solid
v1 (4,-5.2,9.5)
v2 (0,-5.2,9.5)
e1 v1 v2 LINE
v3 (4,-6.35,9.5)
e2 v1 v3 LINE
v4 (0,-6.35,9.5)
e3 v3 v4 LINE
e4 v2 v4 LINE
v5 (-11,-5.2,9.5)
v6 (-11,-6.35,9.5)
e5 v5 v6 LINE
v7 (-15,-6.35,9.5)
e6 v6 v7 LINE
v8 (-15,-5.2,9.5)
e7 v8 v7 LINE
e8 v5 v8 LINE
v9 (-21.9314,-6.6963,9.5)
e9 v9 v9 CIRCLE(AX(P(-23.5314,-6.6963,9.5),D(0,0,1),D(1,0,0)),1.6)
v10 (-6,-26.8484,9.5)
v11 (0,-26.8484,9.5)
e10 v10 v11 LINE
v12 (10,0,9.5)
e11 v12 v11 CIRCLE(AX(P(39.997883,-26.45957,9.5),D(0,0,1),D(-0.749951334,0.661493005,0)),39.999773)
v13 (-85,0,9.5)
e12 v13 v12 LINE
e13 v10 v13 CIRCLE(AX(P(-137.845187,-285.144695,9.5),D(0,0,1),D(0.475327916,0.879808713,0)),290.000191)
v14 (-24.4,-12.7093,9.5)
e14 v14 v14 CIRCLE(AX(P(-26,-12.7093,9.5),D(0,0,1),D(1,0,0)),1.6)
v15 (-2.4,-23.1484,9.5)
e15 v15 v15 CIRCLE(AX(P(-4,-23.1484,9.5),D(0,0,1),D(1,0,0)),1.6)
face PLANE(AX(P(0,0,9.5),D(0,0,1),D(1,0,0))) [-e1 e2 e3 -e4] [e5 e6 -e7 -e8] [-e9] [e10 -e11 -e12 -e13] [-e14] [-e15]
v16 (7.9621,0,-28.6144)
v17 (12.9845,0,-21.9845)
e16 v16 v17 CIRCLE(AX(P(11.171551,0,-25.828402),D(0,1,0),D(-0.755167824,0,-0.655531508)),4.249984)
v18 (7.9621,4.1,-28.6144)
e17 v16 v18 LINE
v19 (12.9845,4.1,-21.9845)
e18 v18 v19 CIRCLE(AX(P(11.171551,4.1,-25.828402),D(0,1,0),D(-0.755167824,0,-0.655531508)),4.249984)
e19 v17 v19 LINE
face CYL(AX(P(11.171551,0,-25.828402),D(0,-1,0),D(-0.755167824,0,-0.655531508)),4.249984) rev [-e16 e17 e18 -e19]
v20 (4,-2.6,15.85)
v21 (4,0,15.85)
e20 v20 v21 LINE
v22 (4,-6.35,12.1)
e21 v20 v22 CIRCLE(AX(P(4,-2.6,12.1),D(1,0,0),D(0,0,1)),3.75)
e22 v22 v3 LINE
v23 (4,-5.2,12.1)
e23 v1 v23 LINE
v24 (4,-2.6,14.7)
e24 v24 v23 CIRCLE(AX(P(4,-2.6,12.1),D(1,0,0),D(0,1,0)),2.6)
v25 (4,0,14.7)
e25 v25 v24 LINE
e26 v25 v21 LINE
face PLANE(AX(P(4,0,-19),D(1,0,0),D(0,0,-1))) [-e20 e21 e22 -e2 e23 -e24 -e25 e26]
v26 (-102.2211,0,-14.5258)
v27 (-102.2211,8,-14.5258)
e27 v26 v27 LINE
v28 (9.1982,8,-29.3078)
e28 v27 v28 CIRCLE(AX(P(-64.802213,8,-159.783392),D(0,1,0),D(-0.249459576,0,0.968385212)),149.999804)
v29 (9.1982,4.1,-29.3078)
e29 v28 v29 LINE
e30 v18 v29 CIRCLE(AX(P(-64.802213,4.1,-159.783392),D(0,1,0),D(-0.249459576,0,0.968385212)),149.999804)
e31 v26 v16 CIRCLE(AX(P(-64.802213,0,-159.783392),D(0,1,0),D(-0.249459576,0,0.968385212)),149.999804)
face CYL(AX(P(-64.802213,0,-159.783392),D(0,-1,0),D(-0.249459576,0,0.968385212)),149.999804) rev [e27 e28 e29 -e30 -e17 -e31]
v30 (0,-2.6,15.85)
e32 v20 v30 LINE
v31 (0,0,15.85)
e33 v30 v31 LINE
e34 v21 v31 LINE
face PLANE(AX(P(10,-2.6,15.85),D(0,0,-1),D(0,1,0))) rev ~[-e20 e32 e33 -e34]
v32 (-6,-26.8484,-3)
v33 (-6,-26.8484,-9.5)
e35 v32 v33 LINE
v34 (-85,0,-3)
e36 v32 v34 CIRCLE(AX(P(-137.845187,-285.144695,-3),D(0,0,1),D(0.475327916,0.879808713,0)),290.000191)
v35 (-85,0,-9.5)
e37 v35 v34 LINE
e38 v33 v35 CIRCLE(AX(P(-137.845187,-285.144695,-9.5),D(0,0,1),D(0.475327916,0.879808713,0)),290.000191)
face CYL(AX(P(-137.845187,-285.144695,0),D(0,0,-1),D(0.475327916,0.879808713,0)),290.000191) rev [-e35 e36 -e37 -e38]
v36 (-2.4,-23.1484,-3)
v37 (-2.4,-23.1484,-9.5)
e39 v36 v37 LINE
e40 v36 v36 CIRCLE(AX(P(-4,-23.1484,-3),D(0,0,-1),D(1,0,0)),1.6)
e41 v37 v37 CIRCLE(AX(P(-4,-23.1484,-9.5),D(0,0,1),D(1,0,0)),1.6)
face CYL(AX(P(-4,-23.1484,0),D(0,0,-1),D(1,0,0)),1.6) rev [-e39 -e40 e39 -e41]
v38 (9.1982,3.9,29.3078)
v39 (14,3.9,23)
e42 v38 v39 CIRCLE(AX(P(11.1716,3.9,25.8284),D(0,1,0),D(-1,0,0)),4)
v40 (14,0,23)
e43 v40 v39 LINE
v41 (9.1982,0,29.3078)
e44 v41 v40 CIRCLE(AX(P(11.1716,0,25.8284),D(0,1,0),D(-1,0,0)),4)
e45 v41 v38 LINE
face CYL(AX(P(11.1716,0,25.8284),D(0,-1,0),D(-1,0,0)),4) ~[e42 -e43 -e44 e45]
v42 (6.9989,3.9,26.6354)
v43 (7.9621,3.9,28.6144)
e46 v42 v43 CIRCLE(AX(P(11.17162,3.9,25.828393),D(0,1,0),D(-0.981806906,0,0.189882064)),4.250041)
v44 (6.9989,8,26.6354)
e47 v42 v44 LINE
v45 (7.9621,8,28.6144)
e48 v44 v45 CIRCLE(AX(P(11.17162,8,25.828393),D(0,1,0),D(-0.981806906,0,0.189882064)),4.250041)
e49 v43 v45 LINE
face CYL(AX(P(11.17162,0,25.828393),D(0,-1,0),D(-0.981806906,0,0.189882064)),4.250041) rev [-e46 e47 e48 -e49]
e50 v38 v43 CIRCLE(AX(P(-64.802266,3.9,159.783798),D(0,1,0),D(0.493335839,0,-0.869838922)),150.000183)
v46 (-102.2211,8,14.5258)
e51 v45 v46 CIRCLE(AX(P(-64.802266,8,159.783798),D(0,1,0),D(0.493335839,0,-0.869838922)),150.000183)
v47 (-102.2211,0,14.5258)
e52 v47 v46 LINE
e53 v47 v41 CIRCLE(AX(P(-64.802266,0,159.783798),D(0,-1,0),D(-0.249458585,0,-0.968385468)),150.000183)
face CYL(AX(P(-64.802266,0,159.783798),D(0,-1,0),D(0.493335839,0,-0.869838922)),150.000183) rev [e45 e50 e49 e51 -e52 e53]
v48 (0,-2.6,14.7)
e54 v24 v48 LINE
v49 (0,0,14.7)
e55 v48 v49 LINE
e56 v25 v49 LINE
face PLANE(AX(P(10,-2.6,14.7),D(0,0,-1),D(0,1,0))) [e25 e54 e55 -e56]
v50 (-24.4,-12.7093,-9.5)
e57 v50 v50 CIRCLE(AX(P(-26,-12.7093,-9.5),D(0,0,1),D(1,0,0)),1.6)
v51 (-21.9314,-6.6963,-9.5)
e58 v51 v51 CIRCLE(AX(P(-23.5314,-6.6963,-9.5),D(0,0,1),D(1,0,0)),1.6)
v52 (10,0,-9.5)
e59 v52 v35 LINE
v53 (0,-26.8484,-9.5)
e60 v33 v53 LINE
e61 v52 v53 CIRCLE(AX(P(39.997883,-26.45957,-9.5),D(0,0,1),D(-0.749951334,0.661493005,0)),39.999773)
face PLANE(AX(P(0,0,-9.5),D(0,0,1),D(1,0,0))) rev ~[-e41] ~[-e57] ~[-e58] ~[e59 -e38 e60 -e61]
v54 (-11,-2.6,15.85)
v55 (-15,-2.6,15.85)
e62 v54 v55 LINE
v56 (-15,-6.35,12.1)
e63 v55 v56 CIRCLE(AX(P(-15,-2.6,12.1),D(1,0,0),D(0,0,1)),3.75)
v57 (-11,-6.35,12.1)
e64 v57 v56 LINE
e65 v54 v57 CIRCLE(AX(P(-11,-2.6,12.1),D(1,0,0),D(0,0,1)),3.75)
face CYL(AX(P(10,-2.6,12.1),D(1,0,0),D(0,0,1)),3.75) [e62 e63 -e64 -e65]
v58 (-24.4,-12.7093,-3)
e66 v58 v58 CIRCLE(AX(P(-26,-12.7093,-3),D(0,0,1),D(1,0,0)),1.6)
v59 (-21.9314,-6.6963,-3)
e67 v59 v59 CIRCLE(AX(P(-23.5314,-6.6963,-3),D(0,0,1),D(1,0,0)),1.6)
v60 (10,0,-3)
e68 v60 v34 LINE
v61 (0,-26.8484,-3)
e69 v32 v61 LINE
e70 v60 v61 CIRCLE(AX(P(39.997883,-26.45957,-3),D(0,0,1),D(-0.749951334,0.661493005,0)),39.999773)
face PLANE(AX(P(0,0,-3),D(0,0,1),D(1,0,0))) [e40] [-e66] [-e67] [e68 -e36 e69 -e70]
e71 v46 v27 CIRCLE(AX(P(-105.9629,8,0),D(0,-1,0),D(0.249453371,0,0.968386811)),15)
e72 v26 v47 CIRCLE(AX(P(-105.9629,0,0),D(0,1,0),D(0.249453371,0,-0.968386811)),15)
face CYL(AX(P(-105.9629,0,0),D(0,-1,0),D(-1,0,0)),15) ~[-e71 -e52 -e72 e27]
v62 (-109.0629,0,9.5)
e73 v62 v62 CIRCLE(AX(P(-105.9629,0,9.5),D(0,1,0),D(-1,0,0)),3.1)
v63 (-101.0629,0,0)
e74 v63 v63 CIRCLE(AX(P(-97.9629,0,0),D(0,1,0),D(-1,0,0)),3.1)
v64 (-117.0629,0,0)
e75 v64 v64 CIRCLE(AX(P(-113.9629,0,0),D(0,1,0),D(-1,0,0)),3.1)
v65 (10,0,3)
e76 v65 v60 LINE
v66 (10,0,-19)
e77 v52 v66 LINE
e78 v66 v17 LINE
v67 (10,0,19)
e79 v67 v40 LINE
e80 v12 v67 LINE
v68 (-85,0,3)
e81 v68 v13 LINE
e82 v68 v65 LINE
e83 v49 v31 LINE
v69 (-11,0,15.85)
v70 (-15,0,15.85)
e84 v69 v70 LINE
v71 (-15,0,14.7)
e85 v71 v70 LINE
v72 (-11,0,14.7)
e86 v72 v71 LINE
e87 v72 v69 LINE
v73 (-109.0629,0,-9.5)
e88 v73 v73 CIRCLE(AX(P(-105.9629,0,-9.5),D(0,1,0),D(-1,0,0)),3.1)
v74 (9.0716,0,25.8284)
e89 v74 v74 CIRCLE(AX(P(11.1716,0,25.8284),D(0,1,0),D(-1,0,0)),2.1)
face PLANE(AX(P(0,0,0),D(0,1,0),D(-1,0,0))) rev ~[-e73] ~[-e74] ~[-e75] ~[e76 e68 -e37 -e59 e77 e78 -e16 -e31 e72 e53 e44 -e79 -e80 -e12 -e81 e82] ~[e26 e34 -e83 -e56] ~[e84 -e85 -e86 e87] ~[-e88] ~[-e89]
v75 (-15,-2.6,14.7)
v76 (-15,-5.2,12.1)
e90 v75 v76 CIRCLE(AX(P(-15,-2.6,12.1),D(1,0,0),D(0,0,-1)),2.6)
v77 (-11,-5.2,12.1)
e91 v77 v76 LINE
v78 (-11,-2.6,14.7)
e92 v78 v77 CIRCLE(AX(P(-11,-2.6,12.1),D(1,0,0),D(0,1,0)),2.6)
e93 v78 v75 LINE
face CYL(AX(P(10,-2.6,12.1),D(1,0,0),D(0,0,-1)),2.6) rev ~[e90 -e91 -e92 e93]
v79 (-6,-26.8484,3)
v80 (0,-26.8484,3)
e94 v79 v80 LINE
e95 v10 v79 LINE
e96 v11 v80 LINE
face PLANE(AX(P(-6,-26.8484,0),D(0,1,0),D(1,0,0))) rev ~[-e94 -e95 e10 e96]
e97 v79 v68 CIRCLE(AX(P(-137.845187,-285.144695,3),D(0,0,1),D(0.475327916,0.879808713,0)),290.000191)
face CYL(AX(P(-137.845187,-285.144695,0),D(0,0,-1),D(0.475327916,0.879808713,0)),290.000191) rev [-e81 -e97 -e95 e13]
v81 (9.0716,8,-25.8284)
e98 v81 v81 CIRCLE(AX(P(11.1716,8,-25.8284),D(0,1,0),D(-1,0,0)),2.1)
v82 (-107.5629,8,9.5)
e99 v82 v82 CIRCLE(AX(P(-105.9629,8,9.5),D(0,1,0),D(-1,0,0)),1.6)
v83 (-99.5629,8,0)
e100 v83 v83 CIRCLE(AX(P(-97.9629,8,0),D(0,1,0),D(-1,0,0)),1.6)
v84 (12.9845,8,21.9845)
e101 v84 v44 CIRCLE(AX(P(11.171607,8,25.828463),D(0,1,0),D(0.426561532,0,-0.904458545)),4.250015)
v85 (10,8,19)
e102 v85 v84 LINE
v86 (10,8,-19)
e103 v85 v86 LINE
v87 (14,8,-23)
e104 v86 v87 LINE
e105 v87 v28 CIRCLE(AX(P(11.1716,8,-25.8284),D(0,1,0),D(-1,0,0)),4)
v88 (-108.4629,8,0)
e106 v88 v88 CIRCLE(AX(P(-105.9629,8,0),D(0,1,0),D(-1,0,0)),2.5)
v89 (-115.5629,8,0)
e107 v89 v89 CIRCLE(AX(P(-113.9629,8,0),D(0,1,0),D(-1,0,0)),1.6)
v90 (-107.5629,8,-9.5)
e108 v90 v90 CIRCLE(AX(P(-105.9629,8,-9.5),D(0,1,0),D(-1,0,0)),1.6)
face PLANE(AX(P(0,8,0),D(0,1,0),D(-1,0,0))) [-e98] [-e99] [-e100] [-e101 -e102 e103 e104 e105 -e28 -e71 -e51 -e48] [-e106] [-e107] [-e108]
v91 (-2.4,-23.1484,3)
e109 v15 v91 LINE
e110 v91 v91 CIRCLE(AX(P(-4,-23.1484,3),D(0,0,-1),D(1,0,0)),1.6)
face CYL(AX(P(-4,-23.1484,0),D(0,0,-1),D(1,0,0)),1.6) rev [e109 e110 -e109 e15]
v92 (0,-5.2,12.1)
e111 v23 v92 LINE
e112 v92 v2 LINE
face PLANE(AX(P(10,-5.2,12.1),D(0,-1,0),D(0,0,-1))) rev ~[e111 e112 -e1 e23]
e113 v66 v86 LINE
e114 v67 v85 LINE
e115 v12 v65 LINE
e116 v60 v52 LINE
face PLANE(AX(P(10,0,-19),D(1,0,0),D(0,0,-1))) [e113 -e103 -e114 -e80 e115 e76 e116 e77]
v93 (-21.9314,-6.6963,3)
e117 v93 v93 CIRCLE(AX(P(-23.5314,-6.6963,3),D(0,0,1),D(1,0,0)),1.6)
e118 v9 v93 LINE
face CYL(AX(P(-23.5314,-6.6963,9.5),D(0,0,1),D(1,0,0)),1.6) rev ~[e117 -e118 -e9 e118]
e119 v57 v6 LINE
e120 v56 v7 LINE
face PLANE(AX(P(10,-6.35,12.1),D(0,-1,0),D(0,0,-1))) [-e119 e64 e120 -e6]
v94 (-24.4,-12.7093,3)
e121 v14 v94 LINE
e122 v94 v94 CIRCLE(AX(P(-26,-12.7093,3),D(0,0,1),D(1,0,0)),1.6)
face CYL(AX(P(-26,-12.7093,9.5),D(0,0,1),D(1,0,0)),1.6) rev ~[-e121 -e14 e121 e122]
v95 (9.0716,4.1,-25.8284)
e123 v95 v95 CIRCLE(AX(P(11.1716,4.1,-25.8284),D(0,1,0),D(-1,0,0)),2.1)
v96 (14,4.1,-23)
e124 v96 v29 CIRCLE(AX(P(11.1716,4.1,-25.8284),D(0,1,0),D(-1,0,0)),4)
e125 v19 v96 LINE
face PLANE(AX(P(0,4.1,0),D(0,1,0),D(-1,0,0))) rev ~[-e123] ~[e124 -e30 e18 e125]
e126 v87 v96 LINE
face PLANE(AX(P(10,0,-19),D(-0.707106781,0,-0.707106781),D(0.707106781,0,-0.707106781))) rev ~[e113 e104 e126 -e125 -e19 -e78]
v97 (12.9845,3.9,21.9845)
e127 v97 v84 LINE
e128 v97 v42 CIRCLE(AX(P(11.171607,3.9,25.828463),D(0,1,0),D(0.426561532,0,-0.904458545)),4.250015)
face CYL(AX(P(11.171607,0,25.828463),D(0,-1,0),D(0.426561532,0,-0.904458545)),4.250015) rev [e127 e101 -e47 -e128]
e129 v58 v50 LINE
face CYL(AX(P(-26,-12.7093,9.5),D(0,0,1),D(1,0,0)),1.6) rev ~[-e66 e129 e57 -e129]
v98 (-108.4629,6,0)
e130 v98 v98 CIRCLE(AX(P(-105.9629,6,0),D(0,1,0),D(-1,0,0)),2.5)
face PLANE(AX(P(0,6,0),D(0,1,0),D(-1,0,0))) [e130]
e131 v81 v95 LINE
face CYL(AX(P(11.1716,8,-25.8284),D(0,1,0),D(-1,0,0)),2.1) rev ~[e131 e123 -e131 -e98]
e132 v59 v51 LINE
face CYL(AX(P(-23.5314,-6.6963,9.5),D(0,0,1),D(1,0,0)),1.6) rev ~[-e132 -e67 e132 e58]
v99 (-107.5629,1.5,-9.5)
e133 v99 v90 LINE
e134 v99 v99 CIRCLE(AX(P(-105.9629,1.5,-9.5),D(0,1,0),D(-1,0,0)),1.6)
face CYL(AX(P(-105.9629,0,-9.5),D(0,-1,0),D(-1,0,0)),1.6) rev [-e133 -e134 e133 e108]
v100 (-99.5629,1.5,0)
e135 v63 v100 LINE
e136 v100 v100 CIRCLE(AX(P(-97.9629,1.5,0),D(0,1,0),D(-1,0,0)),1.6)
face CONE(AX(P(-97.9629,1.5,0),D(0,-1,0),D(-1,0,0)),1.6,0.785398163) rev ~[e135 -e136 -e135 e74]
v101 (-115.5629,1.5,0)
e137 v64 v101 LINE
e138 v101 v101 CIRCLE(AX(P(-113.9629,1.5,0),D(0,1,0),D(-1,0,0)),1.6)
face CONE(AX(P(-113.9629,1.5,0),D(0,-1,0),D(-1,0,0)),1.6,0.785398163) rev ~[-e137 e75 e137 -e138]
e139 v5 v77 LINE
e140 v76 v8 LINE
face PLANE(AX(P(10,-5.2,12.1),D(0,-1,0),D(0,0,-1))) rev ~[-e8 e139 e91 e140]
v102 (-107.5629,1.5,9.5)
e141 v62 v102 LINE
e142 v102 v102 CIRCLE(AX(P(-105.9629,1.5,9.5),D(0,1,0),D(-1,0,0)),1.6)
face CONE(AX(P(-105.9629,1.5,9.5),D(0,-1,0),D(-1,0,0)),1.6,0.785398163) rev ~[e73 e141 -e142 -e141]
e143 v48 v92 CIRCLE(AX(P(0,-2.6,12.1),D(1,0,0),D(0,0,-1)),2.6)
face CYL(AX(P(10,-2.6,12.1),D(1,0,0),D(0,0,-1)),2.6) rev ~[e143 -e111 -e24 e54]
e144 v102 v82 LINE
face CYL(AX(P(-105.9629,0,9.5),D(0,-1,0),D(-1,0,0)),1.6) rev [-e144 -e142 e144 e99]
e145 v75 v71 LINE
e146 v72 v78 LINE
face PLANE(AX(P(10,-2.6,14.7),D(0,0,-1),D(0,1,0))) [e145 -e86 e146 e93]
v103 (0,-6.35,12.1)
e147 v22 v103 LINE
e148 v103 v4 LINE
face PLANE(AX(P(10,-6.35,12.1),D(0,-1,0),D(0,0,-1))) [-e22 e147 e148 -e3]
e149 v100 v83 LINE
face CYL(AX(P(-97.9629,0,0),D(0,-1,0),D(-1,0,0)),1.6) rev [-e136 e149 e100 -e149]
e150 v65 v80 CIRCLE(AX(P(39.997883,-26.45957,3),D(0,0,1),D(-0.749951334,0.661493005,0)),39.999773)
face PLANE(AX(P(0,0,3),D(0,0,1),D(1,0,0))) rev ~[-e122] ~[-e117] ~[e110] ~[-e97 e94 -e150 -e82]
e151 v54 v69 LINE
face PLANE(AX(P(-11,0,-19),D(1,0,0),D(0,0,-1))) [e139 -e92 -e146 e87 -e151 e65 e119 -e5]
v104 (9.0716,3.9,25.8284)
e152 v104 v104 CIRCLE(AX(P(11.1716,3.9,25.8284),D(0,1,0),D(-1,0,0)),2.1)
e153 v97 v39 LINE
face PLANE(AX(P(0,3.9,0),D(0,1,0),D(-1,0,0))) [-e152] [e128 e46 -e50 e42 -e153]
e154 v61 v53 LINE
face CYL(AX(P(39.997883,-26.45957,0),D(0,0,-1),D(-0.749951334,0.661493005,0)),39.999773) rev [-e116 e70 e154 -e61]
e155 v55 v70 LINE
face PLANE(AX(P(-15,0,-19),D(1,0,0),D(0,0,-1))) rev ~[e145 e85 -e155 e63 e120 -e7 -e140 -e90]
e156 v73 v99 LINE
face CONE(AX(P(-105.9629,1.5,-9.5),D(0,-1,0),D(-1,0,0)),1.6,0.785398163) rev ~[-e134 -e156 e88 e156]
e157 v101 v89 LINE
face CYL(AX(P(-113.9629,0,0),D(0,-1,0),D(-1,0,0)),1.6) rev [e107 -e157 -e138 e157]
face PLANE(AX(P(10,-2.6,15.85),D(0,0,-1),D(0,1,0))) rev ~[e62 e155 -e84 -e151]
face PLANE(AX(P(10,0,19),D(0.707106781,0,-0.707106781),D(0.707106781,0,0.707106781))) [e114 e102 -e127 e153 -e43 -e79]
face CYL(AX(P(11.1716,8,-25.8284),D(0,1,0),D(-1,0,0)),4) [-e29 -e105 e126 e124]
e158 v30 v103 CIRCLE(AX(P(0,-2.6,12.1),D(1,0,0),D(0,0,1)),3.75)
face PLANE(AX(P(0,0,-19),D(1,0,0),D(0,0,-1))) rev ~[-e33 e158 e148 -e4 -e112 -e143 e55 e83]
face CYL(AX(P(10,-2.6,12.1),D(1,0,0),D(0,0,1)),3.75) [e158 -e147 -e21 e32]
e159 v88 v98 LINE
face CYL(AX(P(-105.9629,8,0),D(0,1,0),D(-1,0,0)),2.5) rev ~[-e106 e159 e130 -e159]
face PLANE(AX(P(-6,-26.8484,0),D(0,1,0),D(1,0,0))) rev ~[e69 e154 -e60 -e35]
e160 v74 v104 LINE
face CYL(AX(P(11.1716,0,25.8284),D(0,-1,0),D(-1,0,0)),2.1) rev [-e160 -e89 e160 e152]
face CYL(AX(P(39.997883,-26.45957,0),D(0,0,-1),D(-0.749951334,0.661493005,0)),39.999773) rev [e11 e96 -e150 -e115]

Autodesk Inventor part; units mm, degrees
ref_plane "YZ Plane" through (0, 0, 0) normal (1, 0, 0) x (0, 1, 0)
ref_plane "XZ Plane" through (0, 0, 0) normal (0, 1, 0) x (-1, 0, 0)
ref_plane "XY Plane" through (0, 0, 0) normal (0, 0, 1) x (1, 0, 0)
sketch "Sketch1" plane through (0, 0, 0) normal (0, 1, 0) x (-1, 0, 0)
  line L0 (0, 0) -> (105.9629, 0) construction
  line L1 (105.9629, 0) -> (105.9629, -9.5) construction
  circle A0 centre (105.9629, -9.5) radius 1.6
  circle A1 centre (113.9629, 0) radius 1.6
  circle A2 centre (105.9629, -9.5) radius 1.6
  circle A3 centre (97.9629, 0) radius 1.6
  circle A4 centre (105.9629, 9.5) radius 1.6
  circle A5 centre (105.9629, 0) radius 15
  circle A6 centre (105.9629, 0) radius 2.5
  line L2 (3, -40) -> (-37, 0) construction
  line L3 (-7.5, -16.5) -> (-14, -23)
  circle A7 centre (-11.1716, -25.8284) radius 4
  circle A8 centre (-11.1716, -25.8284) radius 2.1
  arc A9 (102.2211, -14.5258) -> (-9.1982, -29.3078) centre (64.8022, -159.7836) ccw
  line L4 (3, 40) -> (-37, 0) construction
  line L5 (-7.5, 16.5) -> (-14, 23)
  circle A10 centre (-11.1716, 25.8284) radius 4
  circle A11 centre (-11.1716, 25.8284) radius 2.1
  arc A12 (-9.1982, 29.3078) -> (102.2211, 14.5258) centre (64.8022, 159.7836) ccw
  line L6 (-10, 19) -> (-10, -19)
  arc A13 (-12.9845, 21.9845) -> (-6.9989, 26.6354) centre (-11.1716, 25.8284) ccw
  arc A14 (-7.9621, -28.6144) -> (-12.9845, -21.9845) centre (-11.1716, -25.8284) ccw
  arc A15 (-6.9989, 26.6354) -> (-7.9621, 28.6144) centre (-11.1716, 25.8284) ccw
  point P0 (-16.1526, 27.519)
  point P1 (-14, -23)
  point P2 (102.2211, 14.5258)
  point P3 (-14, 23)
  point P4 (-10, 0)
  point P5 (-12.9845, -21.9845)
  dimension "d5" = 30
  dimension "d67" = 8
  dimension "d1" = 9.5
  dimension "d2" = 3.2
  dimension "d3" = 3.2
  dimension "d4" = 8
  dimension "d55" = 5
  dimension "d68" = 4
  dimension "d69" = 4.2
  dimension "d70" = 150
  dimension "d82" = 10
  dimension "d84" = 38
  dimension "d85" = 105.963
  dimension "d86" = 4.25
extrude "Extrusion1" add sketch "Sketch1" along normal blind 8 contours A5 | A5 A9 A14 L3 L6 L5 A13 A15 A12 | A6
extrude "Extrusion2" add sketch "Sketch1" along normal blind 3.9 contours A15 A13 L5 A10 A12 | A10
extrude "Extrusion3" add sketch "Sketch1" against normal blind 3.9 from surface at 8 contours A9 A7 L3 A14 | A7
extrude "Extrusion9" cut sketch "Sketch1" against normal blind 2 from surface at 8 contours A6
sketch "Sketch2" plane through (0, 0, 0) normal (0, 0, 1) x (1, 0, 0)
  line L0 (0, 0) -> (-3, 0) projected
  line L1 (0, 0) -> (0, -30)
  line L2 (-98.8932, 0) -> (-6, 0) projected
  arc A0 (0, -30) -> (-85, 0) centre (-137.8451, -285.1445) ccw
  line L3 (-6, -26.8484) -> (0, -26.8484)
  line L4 (0, 0) -> (-85, 0)
  line L5 (0, -23.1484) -> (-13.5147, -23.1484) construction
  circle A1 centre (-4, -23.1484) radius 1.6
  arc A2 (10, 0) -> (0, -26.8484) centre (39.9981, -26.4597) ccw
  line L6 (10, 0) -> (0, 0)
  line L7 (12.9845, 8) -> (10, 8) projected
  point P0 (0, -15)
  point P1 (-3, 0)
  point P2 (-6, 0)
  point P3 (-85, 0)
  point P4 (12.622, 8)
  point P5 (0, 8)
  point P6 (0, -26.0709)
  point P7 (14, 8)
  point P8 (12.7592, 8)
  dimension "d16" = 290
  dimension "d17" = 85
  dimension "d18" = 6
  dimension "d19" = 30
  dimension "d63" = 3.7
  dimension "d64" = 3.2
  dimension "d65" = 4
  dimension "d79" = 10
  dimension "d80" = 40
extrude "Extrusion4" add sketch "Sketch2" along normal mid plane 19 contours L6 A2 L3 A0 L2 L4 L0
extrude "Extrusion11" cut sketch "Sketch2" along normal mid plane 6 contours L6 A2 L3 A0 L2 L4 L0 | A1
sketch "Sketch9" plane through (0, 0, 9.5) normal (0, 0, 1) x (1, 0, 0)
  circle A0 centre (-26, -12.7093) radius 1.6
  arc A1 (-6, -26.8484) -> (-85, 0) centre (-137.8451, -285.1445) ccw projected
  line L0 (0, -26.8484) -> (0, 0) projected
  line L1 (-137.8451, -285.1445) -> (-26, -12.7093) construction
  line L2 (-26, -12.7093) -> (-21.4388, -1.5991) construction
  circle A2 centre (-23.5314, -6.6963) radius 1.6
  line L3 (0, 0) -> (0, -45) construction
  point P0 (0, -13.4242)
  dimension "d71" = 3.2
  dimension "d72" = 294.5
  dimension "d73" = 26
  dimension "d75" = 3.2
  dimension "d76" = 6.5
extrude "Extrusion12" cut sketch "Sketch9" against normal through all
sketch "Sketch10" plane through (10, 0, -19) normal (1, 0, 0) x (0, 0, -1)
  line L0 (-38, 0) -> (-28.5, 0) projected
  line L1 (-28.5, 0) -> (-28.5, -7)
  line L2 (-28.5, -26.8484) -> (-28.5, 0) projected
  line L3 (-28.5, 0) -> (-37.25, 0)
  circle A0 centre (-31.1, -2.6) radius 2.6
  arc A1 (-34.85, -2.6) -> (-31.1, -6.35) centre (-31.1, -2.6) ccw
  line L4 (-34.85, -2.6) -> (-34.85, 0)
  line L5 (-31.1, -6.35) -> (-28.5, -6.35)
  line L6 (-31.1, -5.2) -> (-28.5, -5.2)
  line L7 (-33.7, -2.6) -> (-33.7, 0)
  arc A2 (-28.5, -5.3023) -> (-33.8023, 0) centre (-31.1, -2.6) ccw
  arc A3 (-31.1, -6.35) -> (-28.5, -5.3023) centre (-31.1, -2.6) ccw construction
  point P0 (-19, 0)
  point P1 (-33.7, 0)
  point P2 (-34.85, 0)
  point P3 (-32.4068, -0.3523)
  point P4 (-31.1, 0)
  point P5 (-28.5, -2.6)
  point P6 (-31.1, 0)
  dimension "d101" = 5.2
  dimension "d102" = 7.5
extrude "Extrusion16" add sketch "Sketch10" against normal blind 25 contours L0 L7 A0 L6 L1 L5 A1 L4
extrude "Extrusion17" cut sketch "Sketch10" against normal blind 21 contours L0 L7 A0 L6 L1 L5 A1 L4 | L0 A0 L7 | L0 L1 A0 | L6 A0 L1
extrude "Extrusion18" add sketch "Sketch10" against normal blind 10 contours L0 L7 A0 L6 L1 L5 A1 L4
extrude "Extrusion19" cut sketch "Sketch10" against normal blind 6 contours L0 L7 A0 L6 L1 L5 A1 L4 | L0 A0 L7 | L0 L1 A0 | L6 A0 L1
chamfer "Chamfer1" distance 1.5 angle 45 4 edges at (-104.3629, 0, 9.5) (-96.3629, 0, 0) (-112.3629, 0, 0) (-104.3629, 0, -9.5)
properties part number "brat"
